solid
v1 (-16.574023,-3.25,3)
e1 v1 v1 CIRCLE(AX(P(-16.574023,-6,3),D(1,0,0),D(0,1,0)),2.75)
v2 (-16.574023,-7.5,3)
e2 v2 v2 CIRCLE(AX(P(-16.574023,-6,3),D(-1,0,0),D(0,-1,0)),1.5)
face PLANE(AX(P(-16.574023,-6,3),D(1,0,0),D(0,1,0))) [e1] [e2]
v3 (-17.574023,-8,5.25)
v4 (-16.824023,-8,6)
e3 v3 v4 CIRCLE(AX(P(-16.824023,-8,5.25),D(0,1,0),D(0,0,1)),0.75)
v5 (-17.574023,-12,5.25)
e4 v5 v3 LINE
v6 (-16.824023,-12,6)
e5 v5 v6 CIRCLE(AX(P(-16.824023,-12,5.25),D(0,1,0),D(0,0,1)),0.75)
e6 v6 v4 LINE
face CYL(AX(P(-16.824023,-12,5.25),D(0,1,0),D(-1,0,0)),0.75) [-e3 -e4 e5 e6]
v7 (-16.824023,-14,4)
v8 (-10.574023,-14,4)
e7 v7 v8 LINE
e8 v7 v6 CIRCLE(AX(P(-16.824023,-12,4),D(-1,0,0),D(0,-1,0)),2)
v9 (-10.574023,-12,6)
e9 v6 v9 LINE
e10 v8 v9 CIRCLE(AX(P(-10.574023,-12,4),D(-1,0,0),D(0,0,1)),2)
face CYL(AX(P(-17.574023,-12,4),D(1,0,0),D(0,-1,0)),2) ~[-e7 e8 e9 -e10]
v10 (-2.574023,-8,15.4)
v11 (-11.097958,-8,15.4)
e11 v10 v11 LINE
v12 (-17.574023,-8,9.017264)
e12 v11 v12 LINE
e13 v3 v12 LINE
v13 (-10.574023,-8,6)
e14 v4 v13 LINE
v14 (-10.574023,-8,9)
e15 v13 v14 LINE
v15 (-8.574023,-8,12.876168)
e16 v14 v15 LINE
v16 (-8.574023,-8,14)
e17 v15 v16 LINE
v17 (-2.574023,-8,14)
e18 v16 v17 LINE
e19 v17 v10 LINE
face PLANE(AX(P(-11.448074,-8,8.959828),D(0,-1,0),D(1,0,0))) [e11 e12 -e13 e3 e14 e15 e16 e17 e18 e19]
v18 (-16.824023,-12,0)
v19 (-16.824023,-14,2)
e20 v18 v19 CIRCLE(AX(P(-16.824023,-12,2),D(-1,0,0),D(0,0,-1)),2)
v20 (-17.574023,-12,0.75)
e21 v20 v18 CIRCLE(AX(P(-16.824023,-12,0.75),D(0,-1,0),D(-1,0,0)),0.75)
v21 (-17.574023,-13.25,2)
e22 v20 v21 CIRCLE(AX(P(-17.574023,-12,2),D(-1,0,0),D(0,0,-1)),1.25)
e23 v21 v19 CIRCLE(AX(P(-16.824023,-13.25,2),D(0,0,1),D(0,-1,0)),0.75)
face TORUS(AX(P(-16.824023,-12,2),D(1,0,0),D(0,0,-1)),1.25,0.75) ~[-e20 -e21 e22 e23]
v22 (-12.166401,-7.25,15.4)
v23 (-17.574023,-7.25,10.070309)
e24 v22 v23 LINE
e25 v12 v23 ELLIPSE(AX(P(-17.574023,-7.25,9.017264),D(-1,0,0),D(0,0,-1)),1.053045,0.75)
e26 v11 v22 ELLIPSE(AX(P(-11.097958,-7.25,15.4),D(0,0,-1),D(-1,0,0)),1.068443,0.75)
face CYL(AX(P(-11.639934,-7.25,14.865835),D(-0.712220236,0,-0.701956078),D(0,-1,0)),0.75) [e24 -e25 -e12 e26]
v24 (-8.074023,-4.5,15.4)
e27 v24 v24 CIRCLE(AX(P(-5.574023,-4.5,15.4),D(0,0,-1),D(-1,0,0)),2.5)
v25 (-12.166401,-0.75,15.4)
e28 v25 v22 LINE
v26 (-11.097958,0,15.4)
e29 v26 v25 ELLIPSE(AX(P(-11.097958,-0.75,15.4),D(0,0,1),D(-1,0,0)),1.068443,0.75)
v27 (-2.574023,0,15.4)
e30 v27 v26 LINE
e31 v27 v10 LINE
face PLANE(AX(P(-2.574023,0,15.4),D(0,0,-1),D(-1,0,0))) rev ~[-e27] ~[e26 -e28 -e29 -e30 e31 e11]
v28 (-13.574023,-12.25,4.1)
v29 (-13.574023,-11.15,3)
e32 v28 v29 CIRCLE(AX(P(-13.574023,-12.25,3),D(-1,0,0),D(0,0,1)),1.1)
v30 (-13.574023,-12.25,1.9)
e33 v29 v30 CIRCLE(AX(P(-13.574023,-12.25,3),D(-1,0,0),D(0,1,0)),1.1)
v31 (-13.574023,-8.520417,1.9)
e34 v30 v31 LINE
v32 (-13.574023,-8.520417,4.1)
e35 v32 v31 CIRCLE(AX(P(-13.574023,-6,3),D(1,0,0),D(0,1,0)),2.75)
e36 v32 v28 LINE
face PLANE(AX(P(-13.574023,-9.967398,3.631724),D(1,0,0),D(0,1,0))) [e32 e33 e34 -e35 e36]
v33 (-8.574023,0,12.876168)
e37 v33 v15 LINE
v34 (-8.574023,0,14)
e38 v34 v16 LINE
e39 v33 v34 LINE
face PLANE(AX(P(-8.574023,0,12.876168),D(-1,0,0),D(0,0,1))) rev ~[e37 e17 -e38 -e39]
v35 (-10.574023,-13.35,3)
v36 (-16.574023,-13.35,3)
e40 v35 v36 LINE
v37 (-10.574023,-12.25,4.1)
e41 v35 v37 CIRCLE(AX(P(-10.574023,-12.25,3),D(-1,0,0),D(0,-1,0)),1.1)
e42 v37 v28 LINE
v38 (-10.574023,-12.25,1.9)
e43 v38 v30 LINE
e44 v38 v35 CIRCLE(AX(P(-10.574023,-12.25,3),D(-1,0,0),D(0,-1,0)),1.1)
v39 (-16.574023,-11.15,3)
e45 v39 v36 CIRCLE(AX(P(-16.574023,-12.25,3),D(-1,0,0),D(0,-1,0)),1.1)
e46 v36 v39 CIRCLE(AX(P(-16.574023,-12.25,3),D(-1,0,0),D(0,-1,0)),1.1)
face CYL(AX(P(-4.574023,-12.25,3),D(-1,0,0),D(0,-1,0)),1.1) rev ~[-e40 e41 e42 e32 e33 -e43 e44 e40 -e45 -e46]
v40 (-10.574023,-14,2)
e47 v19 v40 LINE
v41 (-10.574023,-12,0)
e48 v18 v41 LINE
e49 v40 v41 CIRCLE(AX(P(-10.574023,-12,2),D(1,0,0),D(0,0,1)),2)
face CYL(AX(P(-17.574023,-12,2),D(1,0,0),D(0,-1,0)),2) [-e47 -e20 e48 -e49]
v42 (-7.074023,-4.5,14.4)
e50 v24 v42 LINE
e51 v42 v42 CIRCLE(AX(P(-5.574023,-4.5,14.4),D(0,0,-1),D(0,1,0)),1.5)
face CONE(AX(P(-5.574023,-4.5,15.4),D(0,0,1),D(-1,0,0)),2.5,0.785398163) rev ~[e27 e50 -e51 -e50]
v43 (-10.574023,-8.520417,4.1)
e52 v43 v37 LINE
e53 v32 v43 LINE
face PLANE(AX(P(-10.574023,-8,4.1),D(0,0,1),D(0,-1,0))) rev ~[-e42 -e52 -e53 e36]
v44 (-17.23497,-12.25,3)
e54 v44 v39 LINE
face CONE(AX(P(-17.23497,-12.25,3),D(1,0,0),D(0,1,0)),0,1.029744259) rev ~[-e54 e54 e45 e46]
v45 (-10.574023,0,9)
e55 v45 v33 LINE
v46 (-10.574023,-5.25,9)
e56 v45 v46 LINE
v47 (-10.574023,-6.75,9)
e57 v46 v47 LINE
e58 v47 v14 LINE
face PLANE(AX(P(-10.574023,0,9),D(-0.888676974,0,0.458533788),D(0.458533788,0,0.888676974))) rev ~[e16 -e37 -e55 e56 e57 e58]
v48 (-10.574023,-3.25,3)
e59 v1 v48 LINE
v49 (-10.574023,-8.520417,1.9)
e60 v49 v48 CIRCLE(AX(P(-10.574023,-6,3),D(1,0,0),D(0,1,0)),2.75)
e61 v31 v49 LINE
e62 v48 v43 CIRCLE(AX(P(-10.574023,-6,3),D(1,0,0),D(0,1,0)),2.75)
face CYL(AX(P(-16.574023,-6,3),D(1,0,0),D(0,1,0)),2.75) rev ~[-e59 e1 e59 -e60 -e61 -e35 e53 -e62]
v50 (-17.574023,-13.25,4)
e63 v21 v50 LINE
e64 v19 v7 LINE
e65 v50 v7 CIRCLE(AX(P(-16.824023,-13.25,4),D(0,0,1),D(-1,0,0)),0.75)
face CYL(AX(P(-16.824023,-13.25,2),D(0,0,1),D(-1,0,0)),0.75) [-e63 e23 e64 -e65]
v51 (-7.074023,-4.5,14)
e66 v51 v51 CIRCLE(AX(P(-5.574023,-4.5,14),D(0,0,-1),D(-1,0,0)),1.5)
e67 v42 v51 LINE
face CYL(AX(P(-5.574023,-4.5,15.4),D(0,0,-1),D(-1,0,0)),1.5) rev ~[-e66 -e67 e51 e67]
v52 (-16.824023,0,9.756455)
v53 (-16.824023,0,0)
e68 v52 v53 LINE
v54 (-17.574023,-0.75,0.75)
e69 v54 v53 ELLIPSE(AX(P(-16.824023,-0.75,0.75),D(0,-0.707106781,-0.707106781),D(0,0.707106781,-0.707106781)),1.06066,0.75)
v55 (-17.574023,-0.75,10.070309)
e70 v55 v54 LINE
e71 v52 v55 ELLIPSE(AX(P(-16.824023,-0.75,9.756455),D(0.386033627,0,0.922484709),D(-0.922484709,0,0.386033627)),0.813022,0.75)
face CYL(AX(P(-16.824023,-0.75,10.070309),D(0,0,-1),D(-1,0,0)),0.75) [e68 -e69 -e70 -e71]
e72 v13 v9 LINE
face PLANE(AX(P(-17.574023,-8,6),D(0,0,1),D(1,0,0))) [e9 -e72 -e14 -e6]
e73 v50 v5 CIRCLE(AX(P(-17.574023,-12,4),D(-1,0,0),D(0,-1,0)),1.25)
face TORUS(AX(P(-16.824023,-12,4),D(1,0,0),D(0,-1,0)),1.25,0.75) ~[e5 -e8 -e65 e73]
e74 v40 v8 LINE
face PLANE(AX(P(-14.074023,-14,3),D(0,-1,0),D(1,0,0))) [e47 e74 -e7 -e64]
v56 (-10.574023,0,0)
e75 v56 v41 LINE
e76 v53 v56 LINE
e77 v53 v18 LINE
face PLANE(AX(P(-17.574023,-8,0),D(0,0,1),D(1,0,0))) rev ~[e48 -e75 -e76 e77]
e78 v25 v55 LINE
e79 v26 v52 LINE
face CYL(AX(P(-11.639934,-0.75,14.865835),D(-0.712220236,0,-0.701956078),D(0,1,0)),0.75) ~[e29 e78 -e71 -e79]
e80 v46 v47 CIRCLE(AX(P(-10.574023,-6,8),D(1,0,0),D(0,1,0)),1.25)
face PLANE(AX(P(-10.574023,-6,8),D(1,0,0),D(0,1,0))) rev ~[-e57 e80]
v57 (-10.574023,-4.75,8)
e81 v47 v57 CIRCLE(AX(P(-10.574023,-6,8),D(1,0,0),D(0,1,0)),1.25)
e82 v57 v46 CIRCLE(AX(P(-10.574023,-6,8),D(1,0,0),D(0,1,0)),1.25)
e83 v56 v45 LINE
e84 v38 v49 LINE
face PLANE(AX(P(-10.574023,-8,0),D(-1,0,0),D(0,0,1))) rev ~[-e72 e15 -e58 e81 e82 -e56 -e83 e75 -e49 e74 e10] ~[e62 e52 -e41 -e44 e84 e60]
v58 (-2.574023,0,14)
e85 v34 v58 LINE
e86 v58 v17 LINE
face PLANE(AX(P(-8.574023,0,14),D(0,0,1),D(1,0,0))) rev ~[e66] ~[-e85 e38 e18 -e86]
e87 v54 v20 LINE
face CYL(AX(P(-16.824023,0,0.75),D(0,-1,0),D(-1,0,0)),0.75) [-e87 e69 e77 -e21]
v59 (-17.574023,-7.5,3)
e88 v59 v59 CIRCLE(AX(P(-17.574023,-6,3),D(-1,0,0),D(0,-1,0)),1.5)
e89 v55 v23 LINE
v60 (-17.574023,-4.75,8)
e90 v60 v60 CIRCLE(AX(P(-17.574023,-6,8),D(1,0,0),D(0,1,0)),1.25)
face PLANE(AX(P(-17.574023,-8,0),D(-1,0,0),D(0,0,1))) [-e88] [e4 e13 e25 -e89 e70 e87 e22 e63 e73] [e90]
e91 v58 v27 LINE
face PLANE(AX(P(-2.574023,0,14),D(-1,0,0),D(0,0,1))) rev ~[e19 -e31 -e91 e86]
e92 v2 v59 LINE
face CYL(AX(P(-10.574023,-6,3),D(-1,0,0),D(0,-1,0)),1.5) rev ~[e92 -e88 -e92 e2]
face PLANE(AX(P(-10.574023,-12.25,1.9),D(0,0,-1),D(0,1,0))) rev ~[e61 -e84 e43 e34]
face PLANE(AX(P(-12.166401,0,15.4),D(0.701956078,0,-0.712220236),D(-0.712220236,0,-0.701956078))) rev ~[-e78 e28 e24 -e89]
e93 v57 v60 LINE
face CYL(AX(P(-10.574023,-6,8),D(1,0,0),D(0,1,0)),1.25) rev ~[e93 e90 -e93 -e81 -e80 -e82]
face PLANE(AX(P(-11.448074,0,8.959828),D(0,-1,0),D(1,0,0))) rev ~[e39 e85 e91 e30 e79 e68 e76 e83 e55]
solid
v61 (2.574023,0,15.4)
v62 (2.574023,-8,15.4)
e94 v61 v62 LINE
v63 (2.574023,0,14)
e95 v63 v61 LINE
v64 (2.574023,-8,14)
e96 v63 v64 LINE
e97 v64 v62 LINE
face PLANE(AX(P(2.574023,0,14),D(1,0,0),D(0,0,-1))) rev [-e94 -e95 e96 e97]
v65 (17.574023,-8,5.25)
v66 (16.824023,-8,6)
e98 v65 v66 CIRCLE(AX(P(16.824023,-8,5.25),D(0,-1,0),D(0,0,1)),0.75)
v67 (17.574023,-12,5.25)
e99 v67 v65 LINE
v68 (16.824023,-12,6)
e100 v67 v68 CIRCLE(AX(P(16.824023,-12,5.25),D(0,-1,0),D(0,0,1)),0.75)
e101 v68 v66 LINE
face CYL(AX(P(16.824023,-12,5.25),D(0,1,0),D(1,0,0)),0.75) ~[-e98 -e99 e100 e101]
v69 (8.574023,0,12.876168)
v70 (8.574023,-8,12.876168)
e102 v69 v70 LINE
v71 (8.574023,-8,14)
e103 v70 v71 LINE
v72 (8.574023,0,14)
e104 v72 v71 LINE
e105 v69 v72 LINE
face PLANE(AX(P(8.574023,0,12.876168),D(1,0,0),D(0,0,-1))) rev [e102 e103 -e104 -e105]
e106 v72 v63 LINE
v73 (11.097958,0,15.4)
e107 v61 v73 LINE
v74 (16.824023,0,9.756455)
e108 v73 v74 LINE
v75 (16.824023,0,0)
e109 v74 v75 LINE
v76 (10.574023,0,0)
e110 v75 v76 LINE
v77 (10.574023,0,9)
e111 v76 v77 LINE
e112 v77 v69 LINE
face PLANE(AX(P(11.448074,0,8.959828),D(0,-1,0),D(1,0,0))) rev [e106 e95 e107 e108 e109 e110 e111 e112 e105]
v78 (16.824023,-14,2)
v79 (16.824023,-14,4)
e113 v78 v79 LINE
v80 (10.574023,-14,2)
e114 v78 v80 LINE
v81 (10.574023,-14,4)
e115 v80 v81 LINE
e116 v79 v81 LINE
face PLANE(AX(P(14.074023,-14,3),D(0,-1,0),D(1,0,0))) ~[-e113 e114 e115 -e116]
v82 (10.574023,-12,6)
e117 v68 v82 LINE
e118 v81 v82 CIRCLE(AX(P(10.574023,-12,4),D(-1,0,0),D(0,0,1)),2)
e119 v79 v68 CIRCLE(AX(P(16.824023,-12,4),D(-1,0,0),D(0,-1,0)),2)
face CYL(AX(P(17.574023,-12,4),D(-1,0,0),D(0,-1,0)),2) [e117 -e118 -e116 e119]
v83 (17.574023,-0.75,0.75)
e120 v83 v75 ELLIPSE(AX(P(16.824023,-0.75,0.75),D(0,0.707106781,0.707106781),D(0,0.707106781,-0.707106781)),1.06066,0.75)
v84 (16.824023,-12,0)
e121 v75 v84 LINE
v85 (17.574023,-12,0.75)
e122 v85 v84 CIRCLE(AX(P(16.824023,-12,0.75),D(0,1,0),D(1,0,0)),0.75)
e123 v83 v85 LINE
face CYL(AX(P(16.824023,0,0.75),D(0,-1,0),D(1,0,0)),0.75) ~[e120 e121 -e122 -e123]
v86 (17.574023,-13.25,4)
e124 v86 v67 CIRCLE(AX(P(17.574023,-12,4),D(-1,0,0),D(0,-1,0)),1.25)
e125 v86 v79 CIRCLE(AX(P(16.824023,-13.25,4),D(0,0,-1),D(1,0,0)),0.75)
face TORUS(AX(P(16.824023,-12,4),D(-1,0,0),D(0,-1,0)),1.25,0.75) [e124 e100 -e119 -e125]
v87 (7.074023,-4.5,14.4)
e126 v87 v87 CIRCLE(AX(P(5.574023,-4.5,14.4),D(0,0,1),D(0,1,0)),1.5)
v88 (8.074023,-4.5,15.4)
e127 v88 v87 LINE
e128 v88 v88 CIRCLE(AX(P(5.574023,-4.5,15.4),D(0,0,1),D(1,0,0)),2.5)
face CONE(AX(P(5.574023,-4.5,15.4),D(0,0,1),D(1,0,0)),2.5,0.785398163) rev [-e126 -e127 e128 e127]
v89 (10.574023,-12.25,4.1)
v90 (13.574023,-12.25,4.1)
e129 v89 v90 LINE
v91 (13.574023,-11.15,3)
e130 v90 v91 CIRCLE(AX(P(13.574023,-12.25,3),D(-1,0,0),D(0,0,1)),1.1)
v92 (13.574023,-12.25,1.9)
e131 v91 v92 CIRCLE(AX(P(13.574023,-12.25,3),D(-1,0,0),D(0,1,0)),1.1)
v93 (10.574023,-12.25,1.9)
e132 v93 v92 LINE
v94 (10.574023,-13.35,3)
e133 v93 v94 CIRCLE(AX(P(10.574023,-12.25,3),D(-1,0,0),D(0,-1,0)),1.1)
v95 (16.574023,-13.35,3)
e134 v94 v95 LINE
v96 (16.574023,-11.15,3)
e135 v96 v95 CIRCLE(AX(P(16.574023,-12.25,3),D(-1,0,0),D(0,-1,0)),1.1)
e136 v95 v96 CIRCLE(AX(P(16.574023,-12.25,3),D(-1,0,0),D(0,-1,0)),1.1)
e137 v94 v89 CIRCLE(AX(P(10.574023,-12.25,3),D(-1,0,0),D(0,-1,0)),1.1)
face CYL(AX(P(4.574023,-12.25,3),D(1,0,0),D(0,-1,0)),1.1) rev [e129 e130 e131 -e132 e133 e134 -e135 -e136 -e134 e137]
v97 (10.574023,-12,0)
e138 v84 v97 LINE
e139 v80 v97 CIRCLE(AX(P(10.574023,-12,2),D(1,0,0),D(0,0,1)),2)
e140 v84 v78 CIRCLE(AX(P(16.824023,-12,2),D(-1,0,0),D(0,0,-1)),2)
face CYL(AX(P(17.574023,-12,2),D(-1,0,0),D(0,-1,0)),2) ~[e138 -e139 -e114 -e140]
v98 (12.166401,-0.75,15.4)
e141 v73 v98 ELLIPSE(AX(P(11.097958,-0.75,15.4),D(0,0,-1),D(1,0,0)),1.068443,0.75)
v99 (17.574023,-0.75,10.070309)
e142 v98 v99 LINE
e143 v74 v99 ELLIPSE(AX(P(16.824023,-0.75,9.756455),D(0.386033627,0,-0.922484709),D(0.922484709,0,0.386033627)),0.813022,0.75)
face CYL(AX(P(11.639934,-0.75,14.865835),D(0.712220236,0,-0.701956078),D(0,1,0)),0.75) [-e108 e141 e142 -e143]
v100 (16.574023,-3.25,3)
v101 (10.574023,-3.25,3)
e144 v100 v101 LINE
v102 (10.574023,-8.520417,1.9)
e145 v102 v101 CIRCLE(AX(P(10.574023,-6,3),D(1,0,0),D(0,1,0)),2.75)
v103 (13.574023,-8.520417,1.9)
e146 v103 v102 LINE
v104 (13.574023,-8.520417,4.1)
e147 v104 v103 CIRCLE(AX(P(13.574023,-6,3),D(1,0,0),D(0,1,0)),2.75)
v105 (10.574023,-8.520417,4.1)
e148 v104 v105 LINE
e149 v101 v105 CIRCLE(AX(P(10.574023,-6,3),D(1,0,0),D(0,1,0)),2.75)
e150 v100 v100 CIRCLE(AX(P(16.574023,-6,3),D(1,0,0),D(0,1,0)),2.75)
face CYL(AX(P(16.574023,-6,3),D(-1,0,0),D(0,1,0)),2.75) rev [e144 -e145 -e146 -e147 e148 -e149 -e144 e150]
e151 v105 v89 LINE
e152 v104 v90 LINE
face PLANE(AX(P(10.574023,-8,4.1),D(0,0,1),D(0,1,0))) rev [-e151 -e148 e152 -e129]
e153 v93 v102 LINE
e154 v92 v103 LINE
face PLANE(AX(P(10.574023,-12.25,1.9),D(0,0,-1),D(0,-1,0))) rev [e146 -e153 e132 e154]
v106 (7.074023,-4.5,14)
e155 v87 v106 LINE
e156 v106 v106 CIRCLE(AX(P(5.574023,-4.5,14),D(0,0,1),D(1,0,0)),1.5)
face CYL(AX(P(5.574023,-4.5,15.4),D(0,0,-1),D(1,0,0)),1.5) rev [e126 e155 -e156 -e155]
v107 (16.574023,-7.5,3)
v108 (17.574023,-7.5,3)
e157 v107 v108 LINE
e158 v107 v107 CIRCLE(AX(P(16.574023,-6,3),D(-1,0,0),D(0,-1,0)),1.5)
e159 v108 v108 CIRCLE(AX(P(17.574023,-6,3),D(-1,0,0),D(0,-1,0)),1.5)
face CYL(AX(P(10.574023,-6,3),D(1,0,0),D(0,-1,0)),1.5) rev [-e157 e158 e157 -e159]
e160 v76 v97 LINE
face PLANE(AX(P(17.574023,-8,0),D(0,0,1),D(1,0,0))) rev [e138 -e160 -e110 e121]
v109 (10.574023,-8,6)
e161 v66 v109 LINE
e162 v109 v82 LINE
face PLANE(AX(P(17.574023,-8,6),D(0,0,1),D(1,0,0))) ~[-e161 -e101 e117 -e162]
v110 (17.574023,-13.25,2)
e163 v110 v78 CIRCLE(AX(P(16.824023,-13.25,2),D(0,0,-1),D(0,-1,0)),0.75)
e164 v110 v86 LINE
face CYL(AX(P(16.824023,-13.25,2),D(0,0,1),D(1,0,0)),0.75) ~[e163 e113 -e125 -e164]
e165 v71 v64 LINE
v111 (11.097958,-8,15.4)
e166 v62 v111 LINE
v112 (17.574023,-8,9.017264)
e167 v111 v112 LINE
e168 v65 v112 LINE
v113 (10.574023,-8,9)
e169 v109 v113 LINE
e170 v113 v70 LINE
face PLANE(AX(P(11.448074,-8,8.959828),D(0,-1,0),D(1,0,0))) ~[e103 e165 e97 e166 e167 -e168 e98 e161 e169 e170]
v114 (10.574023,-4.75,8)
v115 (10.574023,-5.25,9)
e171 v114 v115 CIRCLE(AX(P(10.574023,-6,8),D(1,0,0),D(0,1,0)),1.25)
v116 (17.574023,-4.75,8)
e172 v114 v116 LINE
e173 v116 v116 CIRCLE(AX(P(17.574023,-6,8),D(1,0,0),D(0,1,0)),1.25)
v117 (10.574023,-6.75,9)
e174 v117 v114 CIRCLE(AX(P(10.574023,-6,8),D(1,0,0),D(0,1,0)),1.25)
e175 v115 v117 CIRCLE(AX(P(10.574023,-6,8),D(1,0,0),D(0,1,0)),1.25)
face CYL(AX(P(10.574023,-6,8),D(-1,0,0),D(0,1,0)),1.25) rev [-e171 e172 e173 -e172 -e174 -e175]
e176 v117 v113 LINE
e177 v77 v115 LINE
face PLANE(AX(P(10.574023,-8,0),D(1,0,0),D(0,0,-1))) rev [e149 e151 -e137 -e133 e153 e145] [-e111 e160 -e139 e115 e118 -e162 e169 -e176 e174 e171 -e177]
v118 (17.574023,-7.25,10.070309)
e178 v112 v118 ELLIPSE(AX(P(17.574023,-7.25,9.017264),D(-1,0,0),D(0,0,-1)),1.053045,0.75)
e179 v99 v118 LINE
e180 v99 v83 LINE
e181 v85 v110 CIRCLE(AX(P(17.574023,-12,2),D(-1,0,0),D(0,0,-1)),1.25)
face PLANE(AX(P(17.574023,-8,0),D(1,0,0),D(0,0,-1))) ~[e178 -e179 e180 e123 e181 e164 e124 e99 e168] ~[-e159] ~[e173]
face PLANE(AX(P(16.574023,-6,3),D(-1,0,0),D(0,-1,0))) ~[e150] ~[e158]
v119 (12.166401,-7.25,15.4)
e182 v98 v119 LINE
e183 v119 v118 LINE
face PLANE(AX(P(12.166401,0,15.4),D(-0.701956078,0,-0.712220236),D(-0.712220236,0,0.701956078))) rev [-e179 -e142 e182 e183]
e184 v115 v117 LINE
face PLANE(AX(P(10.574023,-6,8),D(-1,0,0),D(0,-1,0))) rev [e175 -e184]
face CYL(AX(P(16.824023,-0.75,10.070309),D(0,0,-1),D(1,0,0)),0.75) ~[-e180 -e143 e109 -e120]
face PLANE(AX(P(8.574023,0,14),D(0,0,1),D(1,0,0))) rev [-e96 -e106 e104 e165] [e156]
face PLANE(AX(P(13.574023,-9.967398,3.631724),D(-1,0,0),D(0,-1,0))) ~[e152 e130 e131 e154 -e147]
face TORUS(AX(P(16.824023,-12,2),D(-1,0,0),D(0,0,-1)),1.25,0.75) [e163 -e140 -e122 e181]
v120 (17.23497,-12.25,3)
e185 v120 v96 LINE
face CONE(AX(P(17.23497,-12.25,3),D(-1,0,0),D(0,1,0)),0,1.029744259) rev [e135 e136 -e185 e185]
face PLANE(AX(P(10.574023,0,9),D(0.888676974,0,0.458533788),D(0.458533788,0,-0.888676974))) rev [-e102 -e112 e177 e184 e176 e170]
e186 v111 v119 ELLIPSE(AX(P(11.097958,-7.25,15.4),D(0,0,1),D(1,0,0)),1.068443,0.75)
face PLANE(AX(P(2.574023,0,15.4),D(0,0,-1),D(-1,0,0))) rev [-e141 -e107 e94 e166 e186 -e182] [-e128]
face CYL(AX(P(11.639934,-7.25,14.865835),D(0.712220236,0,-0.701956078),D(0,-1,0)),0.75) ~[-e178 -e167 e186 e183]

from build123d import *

# Parameters (mm, degrees)
F1_DEPTH       = 8
F3_D           = 3
F3_CSINK_D     = 5
F3_CSINK_ANGLE = 90
F5_W           = 7
F5_H           = 6
F6_DEPTH       = 6
F7_D           = 3
F7_CBORE_D     = 5.5
F7_CBORE_DEPTH = 6
F8_DEPTH       = 3
F9_D           = 2.2
F9_DEPTH       = 6
F9_TIP         = 0.6609466809
F10_R          = 2
F11_R          = 0.75
F12_D          = 2.5
F12_DEPTH      = 7.001


with BuildPart() as f1:
    # F0 (on Front) → F1 (new body)
    with BuildSketch(Plane.XZ):
        Polygon((-17.5740234554, 0), (-10.5740234554, 0), (-10.5740234554, 9), (-8.5740234554, 12.8761678934), (-8.5740234554, 14), (-2.5740234554, 14), (-2.5740234554, 15.4), (-12.1664005704, 15.4), (-17.5740234554, 10.0703090429), align=None)
    extrude(amount=F1_DEPTH)

    # F3 (through all)
    with Locations(Plane.XY.offset(15.4)):
        with Locations((-5.5740234554, -4.5)):
            CounterSinkHole(F3_D / 2, F3_CSINK_D / 2, counter_sink_angle=F3_CSINK_ANGLE)

    # F5 (on face) → F6 (join)
    with BuildSketch(Plane.XZ.offset(8)):
        with Locations((-14.0740234554, 3)):
            Rectangle(F5_W, F5_H)
    extrude(amount=F6_DEPTH)

    # F7 (through all)
    with Locations(Plane.YZ.offset(-10.5740234554)):
        with Locations((-6, 3)):
            CounterBoreHole(F7_D / 2, F7_CBORE_D / 2, F7_CBORE_DEPTH)

    # F4 (on face) → F8 (cut)
    with BuildSketch(Plane.YZ.offset(-10.5740234554)):
        with BuildLine():
            Line((-11.15, 3), (-8, 3))
            Line((-8, 3), (-8, 4.1))
            Line((-8, 4.1), (-12.25, 4.1))
            ThreePointArc((-12.25, 4.1), (-11.4721825407, 3.7778174593), (-11.15, 3))
        make_face()
        with BuildLine():
            Line((-8, 1.9), (-8, 3))
            Line((-8, 3), (-11.15, 3))
            ThreePointArc((-11.15, 3), (-11.4721825407, 2.2221825407), (-12.25, 1.9))
            Line((-12.25, 1.9), (-8, 1.9))
        make_face()
    extrude(amount=-F8_DEPTH, mode=Mode.SUBTRACT)

    # F9
    with Locations(Plane.YZ.offset(-10.5740234554)):
        with Locations((-12.25, 3)):
            Hole(F9_D / 2, depth=F9_DEPTH)
            with Locations((0, 0, -(F9_DEPTH + F9_TIP / 2))):  # 118° drill point
                Cone(0, F9_D / 2, F9_TIP, mode=Mode.SUBTRACT)

    # F10
    f10_edges = [f1.edges().sort_by_distance(p)[0] for p in [
        (-14.074023, -14, 6),
        (-14.074023, -14, 0),
    ]]
    fillet(f10_edges, radius=F10_R)

    # F11
    f11_edges = [f1.edges().sort_by_distance(p)[0] for p in [
        (-14.870212, 0, 12.735155),
        (-14.870212, -8, 12.735155),
        (-17.574023, 0, 5.035155),
        (-17.574023, -6, 0),
    ]]
    fillet(f11_edges, radius=F11_R)

    # F12 (through all, one way)
    with BuildSketch(Plane.YZ.offset(-10.5740234554)):
        with Locations((-6, 8)):
            Circle(F12_D / 2)
    extrude(amount=-F12_DEPTH, mode=Mode.SUBTRACT)


with BuildPart() as f13_1:
    # F13: instance of F1
    add(f1.part.mirror(Plane.YZ))


solid = Compound([f1.part, f13_1.part])
